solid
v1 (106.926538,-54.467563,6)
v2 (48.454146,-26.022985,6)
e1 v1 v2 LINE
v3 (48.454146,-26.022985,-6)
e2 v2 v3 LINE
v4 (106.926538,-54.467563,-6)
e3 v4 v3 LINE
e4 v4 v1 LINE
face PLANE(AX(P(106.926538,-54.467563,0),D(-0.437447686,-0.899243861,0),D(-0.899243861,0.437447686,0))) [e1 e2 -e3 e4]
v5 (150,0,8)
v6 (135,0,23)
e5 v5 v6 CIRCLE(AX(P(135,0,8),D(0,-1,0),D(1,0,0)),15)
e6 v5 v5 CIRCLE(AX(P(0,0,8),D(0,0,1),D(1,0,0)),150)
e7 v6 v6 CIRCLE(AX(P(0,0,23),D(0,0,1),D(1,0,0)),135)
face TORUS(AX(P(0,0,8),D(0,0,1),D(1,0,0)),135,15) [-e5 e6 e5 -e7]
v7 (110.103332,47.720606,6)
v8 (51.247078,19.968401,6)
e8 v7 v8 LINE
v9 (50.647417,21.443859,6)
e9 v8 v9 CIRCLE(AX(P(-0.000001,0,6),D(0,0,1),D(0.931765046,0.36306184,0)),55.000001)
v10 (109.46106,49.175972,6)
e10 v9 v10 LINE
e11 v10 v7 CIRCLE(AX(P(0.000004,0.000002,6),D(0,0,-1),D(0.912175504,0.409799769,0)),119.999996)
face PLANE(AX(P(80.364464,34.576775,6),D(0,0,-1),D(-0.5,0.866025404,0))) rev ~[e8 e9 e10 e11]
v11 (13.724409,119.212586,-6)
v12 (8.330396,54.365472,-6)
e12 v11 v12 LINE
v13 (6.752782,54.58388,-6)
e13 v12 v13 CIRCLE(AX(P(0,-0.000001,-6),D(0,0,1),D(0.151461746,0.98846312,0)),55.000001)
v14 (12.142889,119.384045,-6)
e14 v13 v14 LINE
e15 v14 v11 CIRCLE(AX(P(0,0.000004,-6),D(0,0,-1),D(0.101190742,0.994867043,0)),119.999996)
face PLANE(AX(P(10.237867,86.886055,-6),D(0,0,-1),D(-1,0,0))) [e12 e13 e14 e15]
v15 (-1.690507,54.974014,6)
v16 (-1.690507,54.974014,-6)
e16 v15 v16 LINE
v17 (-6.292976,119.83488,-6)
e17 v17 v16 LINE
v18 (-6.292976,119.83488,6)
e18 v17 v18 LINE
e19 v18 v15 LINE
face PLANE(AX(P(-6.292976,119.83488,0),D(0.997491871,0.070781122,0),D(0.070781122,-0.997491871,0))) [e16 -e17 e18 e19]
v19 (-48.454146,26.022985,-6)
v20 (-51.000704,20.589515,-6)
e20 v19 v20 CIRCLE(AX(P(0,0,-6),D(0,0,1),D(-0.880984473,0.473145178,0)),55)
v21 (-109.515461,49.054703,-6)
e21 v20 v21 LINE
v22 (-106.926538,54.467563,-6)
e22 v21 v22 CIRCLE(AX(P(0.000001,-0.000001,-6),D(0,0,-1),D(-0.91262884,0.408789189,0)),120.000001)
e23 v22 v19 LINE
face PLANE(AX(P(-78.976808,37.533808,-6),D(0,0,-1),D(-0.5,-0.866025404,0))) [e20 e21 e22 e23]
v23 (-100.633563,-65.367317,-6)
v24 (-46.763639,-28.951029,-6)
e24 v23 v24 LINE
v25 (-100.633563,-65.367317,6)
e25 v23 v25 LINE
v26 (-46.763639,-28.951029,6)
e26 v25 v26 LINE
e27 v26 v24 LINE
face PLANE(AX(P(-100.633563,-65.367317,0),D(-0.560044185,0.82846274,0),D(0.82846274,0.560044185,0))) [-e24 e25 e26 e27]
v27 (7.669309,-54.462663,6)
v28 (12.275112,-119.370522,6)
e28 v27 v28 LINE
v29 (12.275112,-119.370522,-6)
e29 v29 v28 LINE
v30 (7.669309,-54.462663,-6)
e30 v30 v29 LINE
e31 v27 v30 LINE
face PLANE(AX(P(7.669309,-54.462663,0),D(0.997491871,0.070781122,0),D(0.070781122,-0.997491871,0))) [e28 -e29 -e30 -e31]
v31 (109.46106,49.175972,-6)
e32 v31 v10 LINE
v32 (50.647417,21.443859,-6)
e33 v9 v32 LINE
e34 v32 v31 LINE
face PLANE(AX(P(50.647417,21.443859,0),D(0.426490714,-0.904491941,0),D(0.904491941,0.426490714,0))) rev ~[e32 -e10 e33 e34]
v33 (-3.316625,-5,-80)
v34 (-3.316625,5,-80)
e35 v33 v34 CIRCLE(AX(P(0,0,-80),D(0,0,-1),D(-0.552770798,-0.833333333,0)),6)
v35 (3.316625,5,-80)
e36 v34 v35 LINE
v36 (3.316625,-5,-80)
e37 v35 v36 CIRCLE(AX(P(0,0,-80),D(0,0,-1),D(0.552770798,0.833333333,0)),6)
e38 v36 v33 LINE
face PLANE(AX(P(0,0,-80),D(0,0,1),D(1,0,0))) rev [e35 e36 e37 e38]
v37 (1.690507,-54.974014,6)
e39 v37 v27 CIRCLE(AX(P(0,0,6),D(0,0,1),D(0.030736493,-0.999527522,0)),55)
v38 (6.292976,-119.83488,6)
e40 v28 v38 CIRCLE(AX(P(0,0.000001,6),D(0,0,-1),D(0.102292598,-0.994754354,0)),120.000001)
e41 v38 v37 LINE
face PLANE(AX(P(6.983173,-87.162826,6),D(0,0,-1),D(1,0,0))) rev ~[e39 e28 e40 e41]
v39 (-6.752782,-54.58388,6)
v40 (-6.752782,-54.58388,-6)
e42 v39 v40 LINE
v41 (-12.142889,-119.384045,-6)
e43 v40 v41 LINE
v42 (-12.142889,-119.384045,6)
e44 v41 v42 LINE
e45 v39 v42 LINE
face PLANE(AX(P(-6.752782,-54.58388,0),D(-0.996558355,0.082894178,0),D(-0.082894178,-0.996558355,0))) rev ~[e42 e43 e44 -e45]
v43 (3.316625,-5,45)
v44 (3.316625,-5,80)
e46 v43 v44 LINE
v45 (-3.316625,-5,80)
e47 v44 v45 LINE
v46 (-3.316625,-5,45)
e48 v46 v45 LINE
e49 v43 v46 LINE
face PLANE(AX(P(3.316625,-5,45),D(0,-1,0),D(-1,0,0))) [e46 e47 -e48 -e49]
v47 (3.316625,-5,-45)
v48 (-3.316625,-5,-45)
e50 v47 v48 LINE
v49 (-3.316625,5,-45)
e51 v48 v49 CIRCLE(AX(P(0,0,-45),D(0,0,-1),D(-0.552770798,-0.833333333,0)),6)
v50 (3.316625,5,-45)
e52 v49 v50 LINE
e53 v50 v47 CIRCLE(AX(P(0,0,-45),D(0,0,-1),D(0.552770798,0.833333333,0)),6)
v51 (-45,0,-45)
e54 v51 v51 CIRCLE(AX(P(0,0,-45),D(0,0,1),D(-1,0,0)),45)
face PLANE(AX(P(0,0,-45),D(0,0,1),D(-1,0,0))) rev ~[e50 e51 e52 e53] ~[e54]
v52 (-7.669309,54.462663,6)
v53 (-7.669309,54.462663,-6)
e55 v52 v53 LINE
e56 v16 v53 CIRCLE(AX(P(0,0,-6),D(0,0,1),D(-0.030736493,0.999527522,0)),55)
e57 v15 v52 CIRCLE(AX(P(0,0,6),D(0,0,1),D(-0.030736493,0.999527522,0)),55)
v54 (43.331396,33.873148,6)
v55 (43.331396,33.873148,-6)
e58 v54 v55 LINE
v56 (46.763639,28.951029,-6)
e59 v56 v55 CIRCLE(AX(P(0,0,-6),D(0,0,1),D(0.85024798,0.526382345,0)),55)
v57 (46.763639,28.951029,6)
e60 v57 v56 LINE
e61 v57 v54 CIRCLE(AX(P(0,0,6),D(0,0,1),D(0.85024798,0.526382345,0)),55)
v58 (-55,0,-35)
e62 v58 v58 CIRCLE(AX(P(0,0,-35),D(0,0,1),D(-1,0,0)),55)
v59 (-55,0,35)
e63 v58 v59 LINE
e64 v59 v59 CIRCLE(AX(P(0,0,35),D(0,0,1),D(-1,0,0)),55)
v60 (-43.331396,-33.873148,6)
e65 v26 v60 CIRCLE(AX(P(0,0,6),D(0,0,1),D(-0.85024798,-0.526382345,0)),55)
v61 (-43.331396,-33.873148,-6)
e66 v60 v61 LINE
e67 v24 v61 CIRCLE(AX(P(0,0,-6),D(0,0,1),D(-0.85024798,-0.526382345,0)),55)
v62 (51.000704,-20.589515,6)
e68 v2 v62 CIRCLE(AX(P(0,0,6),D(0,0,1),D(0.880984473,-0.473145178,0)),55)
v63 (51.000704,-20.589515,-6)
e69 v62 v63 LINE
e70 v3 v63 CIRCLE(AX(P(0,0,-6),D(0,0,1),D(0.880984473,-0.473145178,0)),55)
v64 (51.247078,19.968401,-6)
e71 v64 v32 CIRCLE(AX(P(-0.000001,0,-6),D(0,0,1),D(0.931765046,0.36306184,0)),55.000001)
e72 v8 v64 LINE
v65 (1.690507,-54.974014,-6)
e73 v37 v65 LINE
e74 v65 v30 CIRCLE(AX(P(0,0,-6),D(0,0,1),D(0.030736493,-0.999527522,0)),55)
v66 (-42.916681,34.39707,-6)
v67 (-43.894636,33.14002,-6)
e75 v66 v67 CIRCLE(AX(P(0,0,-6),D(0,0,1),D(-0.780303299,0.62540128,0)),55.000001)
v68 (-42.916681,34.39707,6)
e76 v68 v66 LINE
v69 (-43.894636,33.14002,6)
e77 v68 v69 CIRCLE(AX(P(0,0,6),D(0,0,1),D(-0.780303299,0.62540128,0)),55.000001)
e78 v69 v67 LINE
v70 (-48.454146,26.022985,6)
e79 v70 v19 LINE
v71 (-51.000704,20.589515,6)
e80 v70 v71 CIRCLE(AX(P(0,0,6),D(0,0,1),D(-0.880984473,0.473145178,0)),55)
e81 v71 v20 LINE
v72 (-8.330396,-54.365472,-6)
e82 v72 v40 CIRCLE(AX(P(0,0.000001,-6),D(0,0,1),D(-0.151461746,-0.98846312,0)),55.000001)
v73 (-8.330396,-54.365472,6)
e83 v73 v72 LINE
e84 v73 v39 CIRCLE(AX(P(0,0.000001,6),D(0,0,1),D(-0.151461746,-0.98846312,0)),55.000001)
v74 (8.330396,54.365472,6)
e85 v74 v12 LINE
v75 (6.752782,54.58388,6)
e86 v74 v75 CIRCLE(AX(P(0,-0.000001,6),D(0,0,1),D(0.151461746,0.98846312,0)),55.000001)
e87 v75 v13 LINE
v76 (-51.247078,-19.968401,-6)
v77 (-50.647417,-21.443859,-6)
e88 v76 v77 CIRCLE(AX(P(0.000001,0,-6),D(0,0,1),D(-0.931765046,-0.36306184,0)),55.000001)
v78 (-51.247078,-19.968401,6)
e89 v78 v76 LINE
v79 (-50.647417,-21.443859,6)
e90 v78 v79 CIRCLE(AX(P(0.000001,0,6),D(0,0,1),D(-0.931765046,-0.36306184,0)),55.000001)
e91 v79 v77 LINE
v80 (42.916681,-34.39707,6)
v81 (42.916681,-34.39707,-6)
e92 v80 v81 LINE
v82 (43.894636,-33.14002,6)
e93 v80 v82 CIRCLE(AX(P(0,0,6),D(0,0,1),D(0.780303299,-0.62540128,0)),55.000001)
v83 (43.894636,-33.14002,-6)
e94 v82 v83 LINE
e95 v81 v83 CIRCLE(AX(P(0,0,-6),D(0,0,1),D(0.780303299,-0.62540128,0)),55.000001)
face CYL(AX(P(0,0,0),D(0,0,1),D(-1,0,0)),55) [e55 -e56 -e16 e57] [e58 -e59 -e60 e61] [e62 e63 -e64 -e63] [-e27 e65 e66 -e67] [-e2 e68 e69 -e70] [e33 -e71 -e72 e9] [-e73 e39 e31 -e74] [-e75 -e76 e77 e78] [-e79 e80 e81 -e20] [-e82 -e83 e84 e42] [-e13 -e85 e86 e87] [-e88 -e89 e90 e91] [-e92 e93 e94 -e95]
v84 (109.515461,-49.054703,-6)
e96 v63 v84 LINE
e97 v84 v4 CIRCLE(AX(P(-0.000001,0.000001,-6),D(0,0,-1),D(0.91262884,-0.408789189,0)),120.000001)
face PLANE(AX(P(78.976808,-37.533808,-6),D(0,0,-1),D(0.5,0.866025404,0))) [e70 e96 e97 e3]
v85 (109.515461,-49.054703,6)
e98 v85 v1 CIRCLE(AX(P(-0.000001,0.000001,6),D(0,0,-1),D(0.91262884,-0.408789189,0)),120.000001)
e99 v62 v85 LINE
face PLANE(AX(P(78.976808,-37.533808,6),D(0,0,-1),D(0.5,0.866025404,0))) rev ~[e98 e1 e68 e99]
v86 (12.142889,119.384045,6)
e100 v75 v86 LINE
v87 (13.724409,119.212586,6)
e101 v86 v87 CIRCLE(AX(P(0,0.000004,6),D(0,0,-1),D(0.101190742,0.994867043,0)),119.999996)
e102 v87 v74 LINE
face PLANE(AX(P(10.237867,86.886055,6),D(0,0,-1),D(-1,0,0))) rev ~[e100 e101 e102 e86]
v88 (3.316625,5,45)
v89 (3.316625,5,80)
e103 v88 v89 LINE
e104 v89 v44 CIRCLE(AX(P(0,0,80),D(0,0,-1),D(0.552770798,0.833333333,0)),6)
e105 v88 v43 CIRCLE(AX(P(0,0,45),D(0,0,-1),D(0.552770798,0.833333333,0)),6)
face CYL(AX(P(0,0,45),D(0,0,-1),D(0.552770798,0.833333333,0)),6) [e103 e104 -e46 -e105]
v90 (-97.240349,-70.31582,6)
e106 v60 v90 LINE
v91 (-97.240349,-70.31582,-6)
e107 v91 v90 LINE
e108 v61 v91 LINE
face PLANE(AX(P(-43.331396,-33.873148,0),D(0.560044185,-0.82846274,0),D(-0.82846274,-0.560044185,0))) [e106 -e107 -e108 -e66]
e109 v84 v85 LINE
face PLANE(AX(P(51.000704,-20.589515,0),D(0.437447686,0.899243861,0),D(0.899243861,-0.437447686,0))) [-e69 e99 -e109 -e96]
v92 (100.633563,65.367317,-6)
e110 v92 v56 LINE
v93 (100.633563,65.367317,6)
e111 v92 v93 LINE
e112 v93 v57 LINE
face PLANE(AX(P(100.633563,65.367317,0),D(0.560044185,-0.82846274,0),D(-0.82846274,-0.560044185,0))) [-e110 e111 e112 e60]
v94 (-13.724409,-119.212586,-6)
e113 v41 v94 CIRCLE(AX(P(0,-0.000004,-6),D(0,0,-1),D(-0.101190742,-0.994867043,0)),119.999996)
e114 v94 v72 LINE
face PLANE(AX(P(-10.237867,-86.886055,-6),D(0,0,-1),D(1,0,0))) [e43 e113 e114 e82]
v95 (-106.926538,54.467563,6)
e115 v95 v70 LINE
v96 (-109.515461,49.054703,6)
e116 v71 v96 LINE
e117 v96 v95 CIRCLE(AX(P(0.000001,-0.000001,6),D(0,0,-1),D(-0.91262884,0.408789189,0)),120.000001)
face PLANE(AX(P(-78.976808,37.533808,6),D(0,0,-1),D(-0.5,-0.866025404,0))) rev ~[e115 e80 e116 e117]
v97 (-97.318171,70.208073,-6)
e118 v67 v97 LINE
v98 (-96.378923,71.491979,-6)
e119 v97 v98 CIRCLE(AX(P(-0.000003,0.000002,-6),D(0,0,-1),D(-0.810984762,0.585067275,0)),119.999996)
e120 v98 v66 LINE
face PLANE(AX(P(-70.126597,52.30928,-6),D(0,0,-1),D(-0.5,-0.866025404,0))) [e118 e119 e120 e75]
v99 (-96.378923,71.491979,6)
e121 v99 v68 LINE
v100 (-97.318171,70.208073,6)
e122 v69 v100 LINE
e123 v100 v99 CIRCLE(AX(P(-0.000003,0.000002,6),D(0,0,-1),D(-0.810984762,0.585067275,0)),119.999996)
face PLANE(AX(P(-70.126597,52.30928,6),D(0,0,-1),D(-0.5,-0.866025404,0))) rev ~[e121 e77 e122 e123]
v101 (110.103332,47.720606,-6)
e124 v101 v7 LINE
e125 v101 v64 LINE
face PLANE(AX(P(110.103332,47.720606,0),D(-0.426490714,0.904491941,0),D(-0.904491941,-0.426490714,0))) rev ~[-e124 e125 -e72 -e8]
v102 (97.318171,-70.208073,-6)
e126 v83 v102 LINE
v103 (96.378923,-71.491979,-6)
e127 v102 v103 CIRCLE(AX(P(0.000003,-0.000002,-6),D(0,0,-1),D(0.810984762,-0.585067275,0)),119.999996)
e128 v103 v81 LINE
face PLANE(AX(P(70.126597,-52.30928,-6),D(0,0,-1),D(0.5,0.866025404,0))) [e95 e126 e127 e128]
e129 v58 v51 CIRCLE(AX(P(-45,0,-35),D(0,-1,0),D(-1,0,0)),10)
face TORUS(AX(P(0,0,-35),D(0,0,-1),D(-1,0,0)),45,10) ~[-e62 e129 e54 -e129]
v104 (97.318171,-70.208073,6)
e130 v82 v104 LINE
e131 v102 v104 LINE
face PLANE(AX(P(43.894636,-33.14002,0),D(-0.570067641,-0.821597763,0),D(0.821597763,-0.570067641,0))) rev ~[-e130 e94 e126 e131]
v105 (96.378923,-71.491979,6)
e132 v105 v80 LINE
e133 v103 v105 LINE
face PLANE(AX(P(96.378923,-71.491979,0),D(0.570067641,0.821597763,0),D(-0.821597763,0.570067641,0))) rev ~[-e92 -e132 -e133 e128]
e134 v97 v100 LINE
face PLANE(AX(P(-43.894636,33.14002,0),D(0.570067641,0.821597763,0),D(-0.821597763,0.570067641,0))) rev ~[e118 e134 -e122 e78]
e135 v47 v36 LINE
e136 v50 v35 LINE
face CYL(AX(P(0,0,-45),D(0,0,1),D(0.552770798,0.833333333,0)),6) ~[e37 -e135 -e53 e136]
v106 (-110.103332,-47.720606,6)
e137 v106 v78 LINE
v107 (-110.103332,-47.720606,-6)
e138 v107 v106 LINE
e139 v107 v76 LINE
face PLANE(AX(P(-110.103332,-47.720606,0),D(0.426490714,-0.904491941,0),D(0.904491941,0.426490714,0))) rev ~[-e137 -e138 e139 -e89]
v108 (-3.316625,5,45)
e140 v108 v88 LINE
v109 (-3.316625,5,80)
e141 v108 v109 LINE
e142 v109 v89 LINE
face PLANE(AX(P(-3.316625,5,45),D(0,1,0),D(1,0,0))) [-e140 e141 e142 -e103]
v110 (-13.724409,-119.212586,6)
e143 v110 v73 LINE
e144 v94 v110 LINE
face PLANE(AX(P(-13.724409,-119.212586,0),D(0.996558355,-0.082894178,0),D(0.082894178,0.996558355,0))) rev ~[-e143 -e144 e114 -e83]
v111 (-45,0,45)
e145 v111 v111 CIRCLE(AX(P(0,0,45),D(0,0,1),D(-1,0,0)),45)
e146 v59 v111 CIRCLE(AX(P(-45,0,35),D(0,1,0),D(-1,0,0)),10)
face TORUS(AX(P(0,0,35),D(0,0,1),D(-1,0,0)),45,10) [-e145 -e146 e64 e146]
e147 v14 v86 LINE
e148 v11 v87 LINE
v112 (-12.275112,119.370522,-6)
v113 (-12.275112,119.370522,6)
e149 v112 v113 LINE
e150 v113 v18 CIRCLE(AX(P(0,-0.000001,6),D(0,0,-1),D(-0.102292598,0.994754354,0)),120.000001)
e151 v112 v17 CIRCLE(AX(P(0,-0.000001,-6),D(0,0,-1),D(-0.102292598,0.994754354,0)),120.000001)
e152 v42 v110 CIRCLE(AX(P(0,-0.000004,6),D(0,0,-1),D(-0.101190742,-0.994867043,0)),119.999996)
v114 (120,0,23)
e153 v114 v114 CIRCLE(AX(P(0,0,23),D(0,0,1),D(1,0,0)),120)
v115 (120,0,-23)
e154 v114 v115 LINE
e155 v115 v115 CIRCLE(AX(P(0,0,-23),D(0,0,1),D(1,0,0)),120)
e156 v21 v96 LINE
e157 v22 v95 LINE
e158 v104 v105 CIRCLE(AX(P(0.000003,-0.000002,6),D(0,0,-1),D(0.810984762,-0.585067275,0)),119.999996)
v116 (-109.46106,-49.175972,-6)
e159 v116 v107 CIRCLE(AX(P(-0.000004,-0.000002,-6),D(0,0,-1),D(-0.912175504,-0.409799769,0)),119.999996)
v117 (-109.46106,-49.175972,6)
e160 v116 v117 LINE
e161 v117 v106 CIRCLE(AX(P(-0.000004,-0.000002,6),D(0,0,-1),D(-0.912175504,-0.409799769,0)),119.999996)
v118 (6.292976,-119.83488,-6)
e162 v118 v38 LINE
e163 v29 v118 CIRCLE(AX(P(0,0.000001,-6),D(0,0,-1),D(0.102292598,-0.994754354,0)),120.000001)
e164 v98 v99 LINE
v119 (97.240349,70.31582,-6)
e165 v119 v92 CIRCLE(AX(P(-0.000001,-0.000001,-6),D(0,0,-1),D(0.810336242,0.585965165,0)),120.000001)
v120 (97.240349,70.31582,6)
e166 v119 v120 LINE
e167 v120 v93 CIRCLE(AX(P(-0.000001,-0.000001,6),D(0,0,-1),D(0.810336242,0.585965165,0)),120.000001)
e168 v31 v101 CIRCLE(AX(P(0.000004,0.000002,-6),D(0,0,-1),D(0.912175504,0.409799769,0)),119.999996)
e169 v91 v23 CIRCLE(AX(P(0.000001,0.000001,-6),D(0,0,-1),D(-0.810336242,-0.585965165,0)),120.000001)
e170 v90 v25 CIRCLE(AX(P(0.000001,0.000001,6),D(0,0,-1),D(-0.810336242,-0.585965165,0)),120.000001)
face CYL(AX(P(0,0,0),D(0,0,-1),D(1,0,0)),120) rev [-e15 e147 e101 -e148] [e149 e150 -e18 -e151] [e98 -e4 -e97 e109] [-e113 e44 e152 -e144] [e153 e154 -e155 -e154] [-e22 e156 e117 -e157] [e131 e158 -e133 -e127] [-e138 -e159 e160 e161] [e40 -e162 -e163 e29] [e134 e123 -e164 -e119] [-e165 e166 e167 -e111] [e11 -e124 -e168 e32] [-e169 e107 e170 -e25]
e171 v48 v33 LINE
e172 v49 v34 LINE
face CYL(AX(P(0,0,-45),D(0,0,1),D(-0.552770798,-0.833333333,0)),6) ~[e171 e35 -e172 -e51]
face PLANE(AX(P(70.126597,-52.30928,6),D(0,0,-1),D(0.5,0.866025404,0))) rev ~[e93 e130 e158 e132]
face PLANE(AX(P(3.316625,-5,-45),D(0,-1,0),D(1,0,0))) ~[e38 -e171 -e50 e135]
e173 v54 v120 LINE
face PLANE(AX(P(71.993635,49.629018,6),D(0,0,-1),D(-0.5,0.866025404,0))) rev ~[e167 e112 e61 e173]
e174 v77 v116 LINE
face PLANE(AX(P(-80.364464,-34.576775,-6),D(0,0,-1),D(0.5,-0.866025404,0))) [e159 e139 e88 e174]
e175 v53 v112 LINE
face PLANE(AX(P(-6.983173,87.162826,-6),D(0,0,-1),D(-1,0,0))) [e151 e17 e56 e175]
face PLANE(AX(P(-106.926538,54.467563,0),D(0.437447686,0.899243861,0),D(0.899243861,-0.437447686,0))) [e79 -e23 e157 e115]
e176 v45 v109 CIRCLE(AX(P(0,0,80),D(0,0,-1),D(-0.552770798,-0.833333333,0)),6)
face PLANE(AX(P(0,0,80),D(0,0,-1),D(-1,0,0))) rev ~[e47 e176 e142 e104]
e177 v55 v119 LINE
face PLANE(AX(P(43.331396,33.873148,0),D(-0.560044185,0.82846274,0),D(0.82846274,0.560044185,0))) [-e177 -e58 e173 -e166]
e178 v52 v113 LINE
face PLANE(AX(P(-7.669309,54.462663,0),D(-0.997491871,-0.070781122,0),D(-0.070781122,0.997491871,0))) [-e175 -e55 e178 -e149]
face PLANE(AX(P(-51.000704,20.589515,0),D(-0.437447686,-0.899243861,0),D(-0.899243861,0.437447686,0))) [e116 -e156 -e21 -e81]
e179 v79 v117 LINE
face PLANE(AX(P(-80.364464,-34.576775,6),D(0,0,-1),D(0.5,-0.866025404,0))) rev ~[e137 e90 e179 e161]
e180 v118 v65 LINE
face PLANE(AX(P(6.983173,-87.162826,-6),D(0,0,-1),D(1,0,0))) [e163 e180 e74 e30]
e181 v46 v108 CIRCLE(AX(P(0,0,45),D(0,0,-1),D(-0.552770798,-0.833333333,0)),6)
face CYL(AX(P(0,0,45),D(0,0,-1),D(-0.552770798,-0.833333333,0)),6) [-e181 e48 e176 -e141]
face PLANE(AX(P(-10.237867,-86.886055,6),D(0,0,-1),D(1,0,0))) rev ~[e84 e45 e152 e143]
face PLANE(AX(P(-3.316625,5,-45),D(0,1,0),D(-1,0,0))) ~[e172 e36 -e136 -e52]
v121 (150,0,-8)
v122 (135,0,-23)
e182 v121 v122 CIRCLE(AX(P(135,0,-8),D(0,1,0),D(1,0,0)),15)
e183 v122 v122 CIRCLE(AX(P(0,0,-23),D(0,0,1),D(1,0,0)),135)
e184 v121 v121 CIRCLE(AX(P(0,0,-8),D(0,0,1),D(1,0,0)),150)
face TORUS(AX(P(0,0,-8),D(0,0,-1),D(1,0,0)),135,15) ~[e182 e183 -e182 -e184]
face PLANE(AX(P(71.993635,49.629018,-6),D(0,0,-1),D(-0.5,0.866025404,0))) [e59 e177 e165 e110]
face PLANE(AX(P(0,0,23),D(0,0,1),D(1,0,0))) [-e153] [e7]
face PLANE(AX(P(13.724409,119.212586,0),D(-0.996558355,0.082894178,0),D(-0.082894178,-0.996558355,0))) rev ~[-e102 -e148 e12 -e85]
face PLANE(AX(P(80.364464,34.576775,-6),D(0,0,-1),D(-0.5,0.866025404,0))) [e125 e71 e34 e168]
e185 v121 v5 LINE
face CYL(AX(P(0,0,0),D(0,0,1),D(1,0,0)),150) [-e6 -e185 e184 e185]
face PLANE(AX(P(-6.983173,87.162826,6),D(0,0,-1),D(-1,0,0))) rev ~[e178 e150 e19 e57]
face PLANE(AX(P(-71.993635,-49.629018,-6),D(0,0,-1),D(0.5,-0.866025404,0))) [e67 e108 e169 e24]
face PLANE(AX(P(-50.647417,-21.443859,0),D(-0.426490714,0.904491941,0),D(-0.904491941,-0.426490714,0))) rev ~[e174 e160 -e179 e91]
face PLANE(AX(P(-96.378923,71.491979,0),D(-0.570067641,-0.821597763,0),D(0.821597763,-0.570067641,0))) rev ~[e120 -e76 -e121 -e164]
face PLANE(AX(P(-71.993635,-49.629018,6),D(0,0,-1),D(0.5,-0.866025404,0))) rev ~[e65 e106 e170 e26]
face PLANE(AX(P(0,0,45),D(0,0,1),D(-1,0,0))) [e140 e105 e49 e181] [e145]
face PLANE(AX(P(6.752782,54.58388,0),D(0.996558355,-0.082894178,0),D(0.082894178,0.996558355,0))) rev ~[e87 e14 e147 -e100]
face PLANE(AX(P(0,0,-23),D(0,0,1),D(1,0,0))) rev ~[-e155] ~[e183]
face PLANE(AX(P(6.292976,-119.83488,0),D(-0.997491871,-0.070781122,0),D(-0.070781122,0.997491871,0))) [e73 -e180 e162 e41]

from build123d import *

# Parameters (mm, degrees)
SKETCH1_R           = 55
BOSS_EXTRUDE1_DEPTH = 45
SKETCH2_R           = 150
SKETCH2_R_2         = 120
BOSS_EXTRUDE2_DEPTH = 23
BOSS_EXTRUDE3_DEPTH = 6
CIRPATTERN15_COUNT  = 6
FILLET1_R           = 15
BOSS_EXTRUDE4_DEPTH = 35
FILLET2_R           = 10


with BuildPart() as part:
    # Sketch1 → Boss-Extrude1 (new, symmetric)
    with BuildSketch(Plane.XY):
        Circle(SKETCH1_R)
    extrude(amount=BOSS_EXTRUDE1_DEPTH, both=True)



with BuildPart() as body_2:
    # Sketch2 → Boss-Extrude2 (new, symmetric)
    with BuildSketch(Plane.XY):
        Circle(SKETCH2_R)
        Circle(SKETCH2_R_2, mode=Mode.SUBTRACT)
    extrude(amount=BOSS_EXTRUDE2_DEPTH, both=True)


with BuildPart() as part_1:
    add(part.part)

    add(body_2.part)  # Boss-Extrude3 merges body 2
    # Sketch3 → Boss-Extrude3 (add, symmetric)
    with BuildSketch(Plane.XY):
        with BuildLine():
            Line((-6.292975555, 119.834879975), (-1.690507098, 54.974013732))
            ThreePointArc((-1.690507098, 54.974013732), (-4.686886811, 54.799936971), (-7.669308753, 54.462663387))
            Line((-7.669308753, 54.462663387), (-12.275111778, 119.370522454))
            ThreePointArc((-12.275111778, 119.370522454), (-9.286946418, 119.640096231), (-6.292975555, 119.834879975))
        make_face()
        with BuildLine():
            Line((13.724408526, 119.212585789), (8.33039605, 54.365471594))
            ThreePointArc((8.33039605, 54.365471594), (7.542379524, 54.480386481), (6.752781779, 54.583879839))
            Line((6.752781779, 54.583879839), (12.142889029, 119.38404519))
            ThreePointArc((12.142889029, 119.38404519), (12.933932901, 119.300936206), (13.724408526, 119.212585789))
        make_face()
    boss_extrude3 = extrude(amount=BOSS_EXTRUDE3_DEPTH, both=True)

    # CirPattern15: Boss-Extrude3 ×6 about axis
    cirpattern15_axis = Axis((0, 0, -53.35), (0, 0, 1))
    for i in range(1, CIRPATTERN15_COUNT):
        add(boss_extrude3.rotate(cirpattern15_axis, i * 360 / CIRPATTERN15_COUNT))

    # Fillet1
    fillet1_edges = [part_1.edges().sort_by_distance(p)[0] for p in [
        (-150, 0, -23),
        (-150, 0, 23),
    ]]
    fillet(fillet1_edges, radius=FILLET1_R)

    # Sketch5 → Boss-Extrude4 (add)
    with BuildSketch(Plane.XY.offset(45)):
        with BuildLine():
            Line((-3.31662479, 5), (3.31662479, 5))
            ThreePointArc((3.31662479, 5), (6, 0), (3.31662479, -5))
            Line((3.31662479, -5), (-3.31662479, -5))
            ThreePointArc((-3.31662479, -5), (-6, 0), (-3.31662479, 5))
        make_face()
    boss_extrude4 = extrude(amount=BOSS_EXTRUDE4_DEPTH)

    # Mirror1: Boss-Extrude4 across plane
    add(boss_extrude4.mirror(Plane.XY))

    # Fillet2
    fillet2_edges = [part_1.edges().sort_by_distance(p)[0] for p in [
        (-55, 0, 45),
        (-55, 0, -45),
    ]]
    fillet(fillet2_edges, radius=FILLET2_R)


solid = part_1.part
